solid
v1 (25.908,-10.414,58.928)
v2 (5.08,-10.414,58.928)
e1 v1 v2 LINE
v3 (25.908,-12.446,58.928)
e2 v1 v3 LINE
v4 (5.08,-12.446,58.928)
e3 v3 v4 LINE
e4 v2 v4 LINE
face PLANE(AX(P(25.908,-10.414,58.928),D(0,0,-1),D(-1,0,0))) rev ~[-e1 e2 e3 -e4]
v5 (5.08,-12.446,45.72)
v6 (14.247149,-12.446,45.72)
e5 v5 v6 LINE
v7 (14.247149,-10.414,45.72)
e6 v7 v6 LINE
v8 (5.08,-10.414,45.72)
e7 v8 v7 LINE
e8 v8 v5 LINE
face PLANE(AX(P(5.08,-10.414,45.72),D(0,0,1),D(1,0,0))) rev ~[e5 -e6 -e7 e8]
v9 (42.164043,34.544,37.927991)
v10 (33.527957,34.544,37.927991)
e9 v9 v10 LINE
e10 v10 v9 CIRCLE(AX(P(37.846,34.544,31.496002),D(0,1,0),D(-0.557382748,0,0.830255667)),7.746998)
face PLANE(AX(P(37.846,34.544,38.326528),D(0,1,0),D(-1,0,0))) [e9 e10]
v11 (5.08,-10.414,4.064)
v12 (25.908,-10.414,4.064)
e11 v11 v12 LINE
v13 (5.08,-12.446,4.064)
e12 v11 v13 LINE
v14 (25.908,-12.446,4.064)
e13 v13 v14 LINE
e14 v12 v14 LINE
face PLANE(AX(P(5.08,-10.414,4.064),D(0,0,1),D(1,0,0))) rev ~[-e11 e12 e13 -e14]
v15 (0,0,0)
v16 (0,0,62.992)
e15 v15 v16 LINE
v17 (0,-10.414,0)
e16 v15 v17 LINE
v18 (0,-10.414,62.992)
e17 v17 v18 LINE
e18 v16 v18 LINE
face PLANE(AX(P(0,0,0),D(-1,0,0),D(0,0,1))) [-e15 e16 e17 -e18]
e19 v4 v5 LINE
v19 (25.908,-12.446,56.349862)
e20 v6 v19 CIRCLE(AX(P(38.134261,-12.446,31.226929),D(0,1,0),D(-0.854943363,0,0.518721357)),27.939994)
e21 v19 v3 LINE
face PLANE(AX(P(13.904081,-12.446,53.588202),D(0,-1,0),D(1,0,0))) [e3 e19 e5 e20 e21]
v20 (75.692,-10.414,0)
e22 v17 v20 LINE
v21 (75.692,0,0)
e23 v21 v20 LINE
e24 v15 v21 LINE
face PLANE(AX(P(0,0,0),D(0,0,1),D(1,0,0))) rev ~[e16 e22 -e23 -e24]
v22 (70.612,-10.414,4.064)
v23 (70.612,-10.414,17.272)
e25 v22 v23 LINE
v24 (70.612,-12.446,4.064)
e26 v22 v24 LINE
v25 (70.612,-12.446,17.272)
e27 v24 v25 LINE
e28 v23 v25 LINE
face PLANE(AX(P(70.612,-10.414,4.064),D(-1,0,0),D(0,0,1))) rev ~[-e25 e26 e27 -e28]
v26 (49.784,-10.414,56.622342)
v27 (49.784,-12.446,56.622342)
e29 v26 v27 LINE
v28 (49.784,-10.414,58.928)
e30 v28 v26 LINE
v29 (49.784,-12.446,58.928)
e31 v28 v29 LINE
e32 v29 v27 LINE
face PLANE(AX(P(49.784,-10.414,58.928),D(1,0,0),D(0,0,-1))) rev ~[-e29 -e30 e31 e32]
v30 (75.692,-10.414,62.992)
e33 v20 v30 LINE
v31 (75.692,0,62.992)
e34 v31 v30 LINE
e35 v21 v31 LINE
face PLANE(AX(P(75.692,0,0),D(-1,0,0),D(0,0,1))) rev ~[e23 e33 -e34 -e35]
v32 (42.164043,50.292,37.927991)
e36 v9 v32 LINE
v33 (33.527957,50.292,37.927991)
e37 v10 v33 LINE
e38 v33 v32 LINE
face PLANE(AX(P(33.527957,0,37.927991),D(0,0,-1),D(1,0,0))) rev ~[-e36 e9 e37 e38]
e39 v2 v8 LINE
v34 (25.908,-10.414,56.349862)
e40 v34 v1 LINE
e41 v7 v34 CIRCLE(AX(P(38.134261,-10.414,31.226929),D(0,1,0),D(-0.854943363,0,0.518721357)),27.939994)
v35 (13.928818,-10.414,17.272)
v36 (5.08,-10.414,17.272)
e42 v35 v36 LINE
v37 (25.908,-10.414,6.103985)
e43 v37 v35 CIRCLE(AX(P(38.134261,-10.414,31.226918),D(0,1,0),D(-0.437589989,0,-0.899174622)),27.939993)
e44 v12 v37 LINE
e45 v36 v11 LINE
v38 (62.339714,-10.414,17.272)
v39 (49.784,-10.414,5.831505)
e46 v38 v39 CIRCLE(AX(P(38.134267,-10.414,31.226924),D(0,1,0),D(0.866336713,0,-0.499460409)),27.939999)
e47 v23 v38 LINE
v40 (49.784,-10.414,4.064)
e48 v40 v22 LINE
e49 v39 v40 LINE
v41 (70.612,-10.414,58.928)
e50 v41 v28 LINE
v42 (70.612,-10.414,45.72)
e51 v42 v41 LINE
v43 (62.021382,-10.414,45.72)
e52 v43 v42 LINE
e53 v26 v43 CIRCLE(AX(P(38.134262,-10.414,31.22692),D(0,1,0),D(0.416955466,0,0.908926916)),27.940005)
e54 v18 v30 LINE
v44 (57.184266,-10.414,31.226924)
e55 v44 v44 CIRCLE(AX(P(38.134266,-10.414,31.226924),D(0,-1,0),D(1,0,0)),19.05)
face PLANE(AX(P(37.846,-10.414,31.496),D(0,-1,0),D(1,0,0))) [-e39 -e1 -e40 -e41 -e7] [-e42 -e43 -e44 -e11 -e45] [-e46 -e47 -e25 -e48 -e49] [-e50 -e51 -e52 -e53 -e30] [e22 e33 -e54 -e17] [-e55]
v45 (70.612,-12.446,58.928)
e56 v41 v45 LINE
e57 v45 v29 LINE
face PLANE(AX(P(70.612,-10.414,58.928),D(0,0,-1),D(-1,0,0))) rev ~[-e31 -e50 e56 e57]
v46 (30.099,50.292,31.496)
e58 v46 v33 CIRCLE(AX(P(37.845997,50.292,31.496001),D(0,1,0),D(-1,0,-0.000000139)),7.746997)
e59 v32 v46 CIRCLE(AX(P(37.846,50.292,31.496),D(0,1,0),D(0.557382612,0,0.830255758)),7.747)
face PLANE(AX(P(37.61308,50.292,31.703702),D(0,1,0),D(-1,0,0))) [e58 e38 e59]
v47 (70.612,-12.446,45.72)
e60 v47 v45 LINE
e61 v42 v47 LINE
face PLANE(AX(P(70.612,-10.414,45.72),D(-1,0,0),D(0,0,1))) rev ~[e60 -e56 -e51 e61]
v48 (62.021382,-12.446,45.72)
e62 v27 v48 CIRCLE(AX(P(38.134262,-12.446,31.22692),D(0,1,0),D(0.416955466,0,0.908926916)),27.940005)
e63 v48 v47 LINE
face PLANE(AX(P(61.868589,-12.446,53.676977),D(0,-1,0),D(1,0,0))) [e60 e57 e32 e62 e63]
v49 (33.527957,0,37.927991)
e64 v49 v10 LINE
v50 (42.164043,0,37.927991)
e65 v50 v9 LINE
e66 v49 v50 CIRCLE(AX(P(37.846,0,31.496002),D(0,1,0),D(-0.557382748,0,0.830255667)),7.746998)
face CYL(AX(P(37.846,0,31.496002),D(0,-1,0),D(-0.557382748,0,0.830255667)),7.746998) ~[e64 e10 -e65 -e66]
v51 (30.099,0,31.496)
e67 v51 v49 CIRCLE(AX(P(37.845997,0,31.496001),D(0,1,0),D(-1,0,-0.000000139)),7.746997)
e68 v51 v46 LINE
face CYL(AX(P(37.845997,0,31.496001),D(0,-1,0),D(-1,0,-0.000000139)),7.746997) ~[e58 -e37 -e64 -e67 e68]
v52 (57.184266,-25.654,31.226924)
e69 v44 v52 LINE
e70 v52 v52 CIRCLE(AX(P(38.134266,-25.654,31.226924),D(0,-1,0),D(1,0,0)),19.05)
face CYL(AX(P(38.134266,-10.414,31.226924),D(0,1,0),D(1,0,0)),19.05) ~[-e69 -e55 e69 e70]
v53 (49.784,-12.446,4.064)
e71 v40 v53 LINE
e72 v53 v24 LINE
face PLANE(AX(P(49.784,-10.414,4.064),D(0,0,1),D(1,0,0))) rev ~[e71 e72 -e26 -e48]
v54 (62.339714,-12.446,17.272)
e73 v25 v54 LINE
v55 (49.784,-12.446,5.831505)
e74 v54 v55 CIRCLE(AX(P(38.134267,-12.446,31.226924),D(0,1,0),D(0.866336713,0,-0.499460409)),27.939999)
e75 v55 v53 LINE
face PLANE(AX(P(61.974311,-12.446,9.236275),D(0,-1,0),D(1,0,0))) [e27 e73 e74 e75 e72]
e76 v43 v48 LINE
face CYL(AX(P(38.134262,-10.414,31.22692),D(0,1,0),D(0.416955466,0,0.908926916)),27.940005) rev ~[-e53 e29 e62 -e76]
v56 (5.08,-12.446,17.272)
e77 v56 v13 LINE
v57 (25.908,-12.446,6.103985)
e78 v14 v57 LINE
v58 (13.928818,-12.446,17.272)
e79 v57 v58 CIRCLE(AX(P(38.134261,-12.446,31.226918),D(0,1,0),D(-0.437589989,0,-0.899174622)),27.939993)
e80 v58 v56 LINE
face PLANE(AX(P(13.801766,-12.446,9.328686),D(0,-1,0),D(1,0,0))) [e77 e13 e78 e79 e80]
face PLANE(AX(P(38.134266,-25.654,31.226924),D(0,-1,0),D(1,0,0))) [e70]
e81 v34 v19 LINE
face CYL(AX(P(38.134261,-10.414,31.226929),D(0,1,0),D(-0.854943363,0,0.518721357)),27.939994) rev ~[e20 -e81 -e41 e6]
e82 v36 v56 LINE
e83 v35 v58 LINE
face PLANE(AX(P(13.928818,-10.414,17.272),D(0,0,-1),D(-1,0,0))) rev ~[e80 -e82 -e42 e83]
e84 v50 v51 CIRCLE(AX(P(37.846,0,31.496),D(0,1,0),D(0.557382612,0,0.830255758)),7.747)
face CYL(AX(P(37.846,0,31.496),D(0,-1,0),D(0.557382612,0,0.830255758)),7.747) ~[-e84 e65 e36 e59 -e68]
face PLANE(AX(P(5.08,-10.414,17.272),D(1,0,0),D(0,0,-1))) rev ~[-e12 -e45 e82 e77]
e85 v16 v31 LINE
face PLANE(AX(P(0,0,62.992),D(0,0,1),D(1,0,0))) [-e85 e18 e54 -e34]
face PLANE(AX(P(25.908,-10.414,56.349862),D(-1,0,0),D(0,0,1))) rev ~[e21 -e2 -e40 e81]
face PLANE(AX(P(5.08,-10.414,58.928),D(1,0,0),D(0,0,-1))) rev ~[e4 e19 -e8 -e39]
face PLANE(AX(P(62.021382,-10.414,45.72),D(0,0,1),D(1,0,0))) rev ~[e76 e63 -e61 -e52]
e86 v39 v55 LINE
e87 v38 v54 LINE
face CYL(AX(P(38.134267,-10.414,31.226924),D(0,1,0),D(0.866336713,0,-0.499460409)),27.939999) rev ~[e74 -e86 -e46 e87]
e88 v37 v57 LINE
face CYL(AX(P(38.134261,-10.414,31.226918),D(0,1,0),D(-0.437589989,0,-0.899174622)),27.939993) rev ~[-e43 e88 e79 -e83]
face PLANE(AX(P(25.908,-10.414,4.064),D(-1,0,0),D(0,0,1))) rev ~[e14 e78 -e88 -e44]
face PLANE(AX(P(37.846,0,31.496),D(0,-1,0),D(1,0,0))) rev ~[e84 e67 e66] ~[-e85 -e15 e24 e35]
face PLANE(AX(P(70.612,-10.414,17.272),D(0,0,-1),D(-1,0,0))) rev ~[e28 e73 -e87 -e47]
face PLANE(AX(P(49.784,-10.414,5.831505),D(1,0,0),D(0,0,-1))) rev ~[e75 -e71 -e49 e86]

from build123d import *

# Parameters (mm, degrees)
F0_W     = 75.692
F0_H     = 62.992
F1_DEPTH = 10.414
F3_DEPTH = 2.032
F4_R     = 19.05
F5_DEPTH = 15.24
F7_DEPTH = 50.292
F8_DEPTH = 34.544


with BuildPart() as f1:
    # F0 (on Front) → F1 (new body)
    with BuildSketch(Plane.XZ):
        with Locations((37.846, 31.496)):
            Rectangle(F0_W, F0_H)
    extrude(amount=F1_DEPTH)

    # F2 (on face) → F3 (join)
    with BuildSketch(Plane.XZ.offset(10.414)):
        with BuildLine():
            Line((49.784, 4.064), (70.612, 4.064))
            Line((70.612, 4.064), (70.612, 17.272))
            Line((70.612, 17.272), (62.339714, 17.272))
            ThreePointArc((62.339714, 17.272), (56.952336, 10.57447), (49.784, 5.831505))
            Line((49.784, 5.831505), (49.784, 4.064))
        make_face()
        with BuildLine():
            Line((5.08, 17.272), (5.08, 4.064))
            Line((5.08, 4.064), (25.908, 4.064))
            Line((25.908, 4.064), (25.908, 6.103985))
            ThreePointArc((25.908, 6.103985), (19.081744, 10.790558), (13.928818, 17.272))
            Line((13.928818, 17.272), (5.08, 17.272))
        make_face()
        with BuildLine():
            Line((25.908, 58.928), (5.08, 58.928))
            Line((5.08, 58.928), (5.08, 45.72))
            Line((5.08, 45.72), (14.247149, 45.72))
            ThreePointArc((14.247149, 45.72), (19.311604, 51.875193), (25.908, 56.349862))
            Line((25.908, 56.349862), (25.908, 58.928))
        make_face()
        with BuildLine():
            Line((70.612, 58.928), (49.784, 58.928))
            Line((49.784, 58.928), (49.784, 56.622342))
            ThreePointArc((49.784, 56.622342), (56.720072, 52.088644), (62.021382, 45.72))
            Line((62.021382, 45.72), (70.612, 45.72))
            Line((70.612, 45.72), (70.612, 58.928))
        make_face()
    extrude(amount=F3_DEPTH)

    # F4 (on face) → F5 (join)
    with BuildSketch(Plane.XZ.offset(10.414)):
        with Locations((38.134266, 31.226924)):
            Circle(F4_R)
    extrude(amount=F5_DEPTH)

    # F6 (on face) → F7 (join)
    with BuildSketch(Plane(origin=(0, 0, 0), x_dir=(-1, 0, 0), z_dir=(0, 1, 0))):
        with BuildLine():
            ThreePointArc((-42.164043, 37.927991), (-41.490457, 24.659777), (-30.099, 31.496))
            ThreePointArc((-30.099, 31.496), (-31.009777, 35.140457), (-33.527957, 37.927991))
            Line((-33.527957, 37.927991), (-42.164043, 37.927991))
        make_face()
    extrude(amount=F7_DEPTH)

    # F6 (on face) → F8 (join)
    with BuildSketch(Plane(origin=(0, 0, 0), x_dir=(-1, 0, 0), z_dir=(0, 1, 0))):
        with BuildLine():
            Line((-42.164043, 37.927991), (-33.527957, 37.927991))
            ThreePointArc((-33.527957, 37.927991), (-37.846, 39.243), (-42.164043, 37.927991))
        make_face()
    extrude(amount=F8_DEPTH)


solid = f1.part
